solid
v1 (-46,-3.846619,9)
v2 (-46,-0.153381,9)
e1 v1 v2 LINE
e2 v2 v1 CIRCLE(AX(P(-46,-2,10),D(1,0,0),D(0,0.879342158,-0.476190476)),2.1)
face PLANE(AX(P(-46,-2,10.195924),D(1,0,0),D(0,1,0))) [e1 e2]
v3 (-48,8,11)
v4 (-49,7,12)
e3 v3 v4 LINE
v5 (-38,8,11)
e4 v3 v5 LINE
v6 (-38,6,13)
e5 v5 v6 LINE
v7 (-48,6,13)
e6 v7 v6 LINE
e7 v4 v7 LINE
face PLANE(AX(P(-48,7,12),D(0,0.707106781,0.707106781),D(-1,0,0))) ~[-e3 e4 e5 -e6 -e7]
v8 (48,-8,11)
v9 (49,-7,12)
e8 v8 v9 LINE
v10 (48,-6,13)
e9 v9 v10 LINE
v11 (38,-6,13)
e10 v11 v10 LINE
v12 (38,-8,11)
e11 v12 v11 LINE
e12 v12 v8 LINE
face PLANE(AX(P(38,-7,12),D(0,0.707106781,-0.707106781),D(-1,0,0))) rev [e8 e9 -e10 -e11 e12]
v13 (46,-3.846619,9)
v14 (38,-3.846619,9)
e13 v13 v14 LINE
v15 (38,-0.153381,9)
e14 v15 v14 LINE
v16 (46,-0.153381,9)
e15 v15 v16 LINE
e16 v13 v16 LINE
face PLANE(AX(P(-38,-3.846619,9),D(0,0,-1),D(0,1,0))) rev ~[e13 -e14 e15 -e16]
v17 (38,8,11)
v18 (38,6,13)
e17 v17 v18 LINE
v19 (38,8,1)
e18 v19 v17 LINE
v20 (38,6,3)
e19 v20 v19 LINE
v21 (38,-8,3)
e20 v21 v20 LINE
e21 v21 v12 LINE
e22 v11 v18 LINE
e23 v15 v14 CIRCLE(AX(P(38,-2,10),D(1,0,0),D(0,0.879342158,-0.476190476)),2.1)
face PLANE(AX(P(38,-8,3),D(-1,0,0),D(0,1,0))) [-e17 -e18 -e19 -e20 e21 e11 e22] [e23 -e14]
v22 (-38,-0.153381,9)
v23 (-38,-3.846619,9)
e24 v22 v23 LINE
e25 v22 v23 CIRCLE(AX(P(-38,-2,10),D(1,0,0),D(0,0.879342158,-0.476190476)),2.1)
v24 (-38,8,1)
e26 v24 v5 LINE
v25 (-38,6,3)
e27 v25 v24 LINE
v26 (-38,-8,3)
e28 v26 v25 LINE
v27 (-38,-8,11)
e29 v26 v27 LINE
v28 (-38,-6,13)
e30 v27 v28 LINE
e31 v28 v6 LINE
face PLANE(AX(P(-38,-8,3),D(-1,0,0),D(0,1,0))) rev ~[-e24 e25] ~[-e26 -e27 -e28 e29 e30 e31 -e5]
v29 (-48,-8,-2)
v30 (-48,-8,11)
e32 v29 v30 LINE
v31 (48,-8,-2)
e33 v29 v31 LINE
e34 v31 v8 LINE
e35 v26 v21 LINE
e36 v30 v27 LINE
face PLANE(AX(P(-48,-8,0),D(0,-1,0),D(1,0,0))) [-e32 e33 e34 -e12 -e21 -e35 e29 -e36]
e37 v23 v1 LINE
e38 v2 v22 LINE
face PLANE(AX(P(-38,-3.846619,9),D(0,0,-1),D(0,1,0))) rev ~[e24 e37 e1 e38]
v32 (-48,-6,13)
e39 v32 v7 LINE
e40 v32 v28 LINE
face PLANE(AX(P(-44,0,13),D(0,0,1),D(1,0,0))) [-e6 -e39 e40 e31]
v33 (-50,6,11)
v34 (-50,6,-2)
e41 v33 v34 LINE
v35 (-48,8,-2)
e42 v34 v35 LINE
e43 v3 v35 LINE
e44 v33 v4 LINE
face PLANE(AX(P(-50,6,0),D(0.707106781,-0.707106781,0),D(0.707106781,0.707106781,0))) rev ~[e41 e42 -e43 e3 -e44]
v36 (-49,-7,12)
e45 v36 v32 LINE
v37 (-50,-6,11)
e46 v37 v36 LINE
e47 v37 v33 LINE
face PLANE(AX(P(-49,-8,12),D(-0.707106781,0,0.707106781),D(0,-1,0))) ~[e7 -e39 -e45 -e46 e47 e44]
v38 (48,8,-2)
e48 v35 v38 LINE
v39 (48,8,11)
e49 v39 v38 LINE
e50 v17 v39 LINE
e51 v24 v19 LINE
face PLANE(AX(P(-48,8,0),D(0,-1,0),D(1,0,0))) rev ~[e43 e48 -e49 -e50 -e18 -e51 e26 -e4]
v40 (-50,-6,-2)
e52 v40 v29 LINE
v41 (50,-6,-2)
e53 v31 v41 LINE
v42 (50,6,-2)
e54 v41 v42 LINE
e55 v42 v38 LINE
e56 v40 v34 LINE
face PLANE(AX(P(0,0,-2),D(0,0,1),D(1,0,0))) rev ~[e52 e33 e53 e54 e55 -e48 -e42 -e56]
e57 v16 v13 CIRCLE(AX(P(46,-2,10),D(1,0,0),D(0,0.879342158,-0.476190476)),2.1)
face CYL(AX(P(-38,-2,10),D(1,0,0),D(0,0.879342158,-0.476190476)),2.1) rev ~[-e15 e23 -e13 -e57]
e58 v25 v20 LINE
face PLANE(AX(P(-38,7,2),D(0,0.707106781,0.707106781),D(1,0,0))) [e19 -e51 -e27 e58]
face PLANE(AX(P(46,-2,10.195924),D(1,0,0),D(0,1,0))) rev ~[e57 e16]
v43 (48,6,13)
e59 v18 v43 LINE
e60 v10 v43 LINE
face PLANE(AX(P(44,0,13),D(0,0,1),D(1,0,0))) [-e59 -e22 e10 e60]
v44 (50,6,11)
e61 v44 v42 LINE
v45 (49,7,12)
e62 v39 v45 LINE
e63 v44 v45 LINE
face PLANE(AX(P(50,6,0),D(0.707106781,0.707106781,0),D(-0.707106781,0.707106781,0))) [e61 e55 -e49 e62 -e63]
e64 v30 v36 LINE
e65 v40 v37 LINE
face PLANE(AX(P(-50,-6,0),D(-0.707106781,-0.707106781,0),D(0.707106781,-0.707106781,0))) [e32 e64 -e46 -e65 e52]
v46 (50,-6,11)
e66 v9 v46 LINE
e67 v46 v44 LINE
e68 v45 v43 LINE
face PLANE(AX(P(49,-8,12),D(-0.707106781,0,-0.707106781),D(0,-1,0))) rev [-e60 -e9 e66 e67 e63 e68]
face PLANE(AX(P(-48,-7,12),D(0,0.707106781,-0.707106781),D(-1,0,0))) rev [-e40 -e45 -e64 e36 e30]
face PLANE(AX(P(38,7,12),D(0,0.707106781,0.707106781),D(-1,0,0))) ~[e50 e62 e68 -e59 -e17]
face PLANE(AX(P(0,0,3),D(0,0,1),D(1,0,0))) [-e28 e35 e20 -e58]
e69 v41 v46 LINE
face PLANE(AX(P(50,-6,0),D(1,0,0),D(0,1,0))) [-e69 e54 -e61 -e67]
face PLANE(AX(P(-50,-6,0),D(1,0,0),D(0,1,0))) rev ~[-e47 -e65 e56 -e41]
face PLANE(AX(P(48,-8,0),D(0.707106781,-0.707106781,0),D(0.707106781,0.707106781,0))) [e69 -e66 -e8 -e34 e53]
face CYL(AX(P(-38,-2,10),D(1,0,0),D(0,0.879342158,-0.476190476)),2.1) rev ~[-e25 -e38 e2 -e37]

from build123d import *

# Parameters (mm, degrees)
F0_W          = 100
F0_H          = 16
F1_DEPTH      = 3
F2_W          = 12
F2_H          = 16
F3_DEPTH      = 10
F4_SIZE       = 2
F5_SIZE       = 2
F6_SIZE       = 2
F8_DEPTH      = 84
F8_DEPTH_BACK = 8
F9_DEPTH      = 2


with BuildPart() as f1:
    # F0 (on Top) → F1 (new body)
    with BuildSketch(Plane.XY):
        Rectangle(F0_W, F0_H)
    extrude(amount=F1_DEPTH)

    # F2 (on face) → F3 (join)
    with BuildSketch(Plane.XY.offset(3)):
        with Locations((-44, 0)):
            Rectangle(F2_W, F2_H)
        with Locations((44, 0)):
            Rectangle(F2_W, F2_H)
    extrude(amount=F3_DEPTH)

    # F4
    f4_edges = [f1.edges().sort_by_distance(p)[0] for p in [
        (-50, 8, 6.5),
        (-50, 0, 13),
        (-50, -8, 6.5),
        (50, -8, 6.5),
        (50, 0, 13),
        (50, 8, 6.5),
    ]]
    chamfer(f4_edges, length=F4_SIZE)

    # F5
    f5_edges = [f1.edges().sort_by_distance(p)[0] for p in [
        (-43, -8, 13),
        (-43, 8, 13),
        (43, 8, 13),
        (43, -8, 13),
    ]]
    chamfer(f5_edges, length=F5_SIZE)

    # F6
    f6_edges = [f1.edges().sort_by_distance(p)[0] for p in [
        (0, 8, 3),
    ]]
    chamfer(f6_edges, length=F6_SIZE)

    # F9 (add): a face of the model
    f9_faces = [f1.faces().sort_by_distance(p)[0] for p in [
        (0, 0, 0),
    ]]
    extrude(f9_faces, amount=F9_DEPTH)


with BuildPart() as f8:
    # F7 (on face) → F8 (new body, two sides)
    with BuildSketch(Plane.YZ.offset(-38)) as f8_sk:
        with BuildLine():
            Line((-3.8466185313, 9), (-0.1533814687, 9))
            ThreePointArc((-0.1533814687, 9), (-2, 12.1), (-3.8466185313, 9))
        make_face()
    extrude(amount=F8_DEPTH)
    extrude(f8_sk.sketch, amount=-F8_DEPTH_BACK)


with BuildPart() as f1_1:
    add(f1.part)

    # F10: cut F8
    add(f8.part, mode=Mode.SUBTRACT)


solid = f1_1.part
